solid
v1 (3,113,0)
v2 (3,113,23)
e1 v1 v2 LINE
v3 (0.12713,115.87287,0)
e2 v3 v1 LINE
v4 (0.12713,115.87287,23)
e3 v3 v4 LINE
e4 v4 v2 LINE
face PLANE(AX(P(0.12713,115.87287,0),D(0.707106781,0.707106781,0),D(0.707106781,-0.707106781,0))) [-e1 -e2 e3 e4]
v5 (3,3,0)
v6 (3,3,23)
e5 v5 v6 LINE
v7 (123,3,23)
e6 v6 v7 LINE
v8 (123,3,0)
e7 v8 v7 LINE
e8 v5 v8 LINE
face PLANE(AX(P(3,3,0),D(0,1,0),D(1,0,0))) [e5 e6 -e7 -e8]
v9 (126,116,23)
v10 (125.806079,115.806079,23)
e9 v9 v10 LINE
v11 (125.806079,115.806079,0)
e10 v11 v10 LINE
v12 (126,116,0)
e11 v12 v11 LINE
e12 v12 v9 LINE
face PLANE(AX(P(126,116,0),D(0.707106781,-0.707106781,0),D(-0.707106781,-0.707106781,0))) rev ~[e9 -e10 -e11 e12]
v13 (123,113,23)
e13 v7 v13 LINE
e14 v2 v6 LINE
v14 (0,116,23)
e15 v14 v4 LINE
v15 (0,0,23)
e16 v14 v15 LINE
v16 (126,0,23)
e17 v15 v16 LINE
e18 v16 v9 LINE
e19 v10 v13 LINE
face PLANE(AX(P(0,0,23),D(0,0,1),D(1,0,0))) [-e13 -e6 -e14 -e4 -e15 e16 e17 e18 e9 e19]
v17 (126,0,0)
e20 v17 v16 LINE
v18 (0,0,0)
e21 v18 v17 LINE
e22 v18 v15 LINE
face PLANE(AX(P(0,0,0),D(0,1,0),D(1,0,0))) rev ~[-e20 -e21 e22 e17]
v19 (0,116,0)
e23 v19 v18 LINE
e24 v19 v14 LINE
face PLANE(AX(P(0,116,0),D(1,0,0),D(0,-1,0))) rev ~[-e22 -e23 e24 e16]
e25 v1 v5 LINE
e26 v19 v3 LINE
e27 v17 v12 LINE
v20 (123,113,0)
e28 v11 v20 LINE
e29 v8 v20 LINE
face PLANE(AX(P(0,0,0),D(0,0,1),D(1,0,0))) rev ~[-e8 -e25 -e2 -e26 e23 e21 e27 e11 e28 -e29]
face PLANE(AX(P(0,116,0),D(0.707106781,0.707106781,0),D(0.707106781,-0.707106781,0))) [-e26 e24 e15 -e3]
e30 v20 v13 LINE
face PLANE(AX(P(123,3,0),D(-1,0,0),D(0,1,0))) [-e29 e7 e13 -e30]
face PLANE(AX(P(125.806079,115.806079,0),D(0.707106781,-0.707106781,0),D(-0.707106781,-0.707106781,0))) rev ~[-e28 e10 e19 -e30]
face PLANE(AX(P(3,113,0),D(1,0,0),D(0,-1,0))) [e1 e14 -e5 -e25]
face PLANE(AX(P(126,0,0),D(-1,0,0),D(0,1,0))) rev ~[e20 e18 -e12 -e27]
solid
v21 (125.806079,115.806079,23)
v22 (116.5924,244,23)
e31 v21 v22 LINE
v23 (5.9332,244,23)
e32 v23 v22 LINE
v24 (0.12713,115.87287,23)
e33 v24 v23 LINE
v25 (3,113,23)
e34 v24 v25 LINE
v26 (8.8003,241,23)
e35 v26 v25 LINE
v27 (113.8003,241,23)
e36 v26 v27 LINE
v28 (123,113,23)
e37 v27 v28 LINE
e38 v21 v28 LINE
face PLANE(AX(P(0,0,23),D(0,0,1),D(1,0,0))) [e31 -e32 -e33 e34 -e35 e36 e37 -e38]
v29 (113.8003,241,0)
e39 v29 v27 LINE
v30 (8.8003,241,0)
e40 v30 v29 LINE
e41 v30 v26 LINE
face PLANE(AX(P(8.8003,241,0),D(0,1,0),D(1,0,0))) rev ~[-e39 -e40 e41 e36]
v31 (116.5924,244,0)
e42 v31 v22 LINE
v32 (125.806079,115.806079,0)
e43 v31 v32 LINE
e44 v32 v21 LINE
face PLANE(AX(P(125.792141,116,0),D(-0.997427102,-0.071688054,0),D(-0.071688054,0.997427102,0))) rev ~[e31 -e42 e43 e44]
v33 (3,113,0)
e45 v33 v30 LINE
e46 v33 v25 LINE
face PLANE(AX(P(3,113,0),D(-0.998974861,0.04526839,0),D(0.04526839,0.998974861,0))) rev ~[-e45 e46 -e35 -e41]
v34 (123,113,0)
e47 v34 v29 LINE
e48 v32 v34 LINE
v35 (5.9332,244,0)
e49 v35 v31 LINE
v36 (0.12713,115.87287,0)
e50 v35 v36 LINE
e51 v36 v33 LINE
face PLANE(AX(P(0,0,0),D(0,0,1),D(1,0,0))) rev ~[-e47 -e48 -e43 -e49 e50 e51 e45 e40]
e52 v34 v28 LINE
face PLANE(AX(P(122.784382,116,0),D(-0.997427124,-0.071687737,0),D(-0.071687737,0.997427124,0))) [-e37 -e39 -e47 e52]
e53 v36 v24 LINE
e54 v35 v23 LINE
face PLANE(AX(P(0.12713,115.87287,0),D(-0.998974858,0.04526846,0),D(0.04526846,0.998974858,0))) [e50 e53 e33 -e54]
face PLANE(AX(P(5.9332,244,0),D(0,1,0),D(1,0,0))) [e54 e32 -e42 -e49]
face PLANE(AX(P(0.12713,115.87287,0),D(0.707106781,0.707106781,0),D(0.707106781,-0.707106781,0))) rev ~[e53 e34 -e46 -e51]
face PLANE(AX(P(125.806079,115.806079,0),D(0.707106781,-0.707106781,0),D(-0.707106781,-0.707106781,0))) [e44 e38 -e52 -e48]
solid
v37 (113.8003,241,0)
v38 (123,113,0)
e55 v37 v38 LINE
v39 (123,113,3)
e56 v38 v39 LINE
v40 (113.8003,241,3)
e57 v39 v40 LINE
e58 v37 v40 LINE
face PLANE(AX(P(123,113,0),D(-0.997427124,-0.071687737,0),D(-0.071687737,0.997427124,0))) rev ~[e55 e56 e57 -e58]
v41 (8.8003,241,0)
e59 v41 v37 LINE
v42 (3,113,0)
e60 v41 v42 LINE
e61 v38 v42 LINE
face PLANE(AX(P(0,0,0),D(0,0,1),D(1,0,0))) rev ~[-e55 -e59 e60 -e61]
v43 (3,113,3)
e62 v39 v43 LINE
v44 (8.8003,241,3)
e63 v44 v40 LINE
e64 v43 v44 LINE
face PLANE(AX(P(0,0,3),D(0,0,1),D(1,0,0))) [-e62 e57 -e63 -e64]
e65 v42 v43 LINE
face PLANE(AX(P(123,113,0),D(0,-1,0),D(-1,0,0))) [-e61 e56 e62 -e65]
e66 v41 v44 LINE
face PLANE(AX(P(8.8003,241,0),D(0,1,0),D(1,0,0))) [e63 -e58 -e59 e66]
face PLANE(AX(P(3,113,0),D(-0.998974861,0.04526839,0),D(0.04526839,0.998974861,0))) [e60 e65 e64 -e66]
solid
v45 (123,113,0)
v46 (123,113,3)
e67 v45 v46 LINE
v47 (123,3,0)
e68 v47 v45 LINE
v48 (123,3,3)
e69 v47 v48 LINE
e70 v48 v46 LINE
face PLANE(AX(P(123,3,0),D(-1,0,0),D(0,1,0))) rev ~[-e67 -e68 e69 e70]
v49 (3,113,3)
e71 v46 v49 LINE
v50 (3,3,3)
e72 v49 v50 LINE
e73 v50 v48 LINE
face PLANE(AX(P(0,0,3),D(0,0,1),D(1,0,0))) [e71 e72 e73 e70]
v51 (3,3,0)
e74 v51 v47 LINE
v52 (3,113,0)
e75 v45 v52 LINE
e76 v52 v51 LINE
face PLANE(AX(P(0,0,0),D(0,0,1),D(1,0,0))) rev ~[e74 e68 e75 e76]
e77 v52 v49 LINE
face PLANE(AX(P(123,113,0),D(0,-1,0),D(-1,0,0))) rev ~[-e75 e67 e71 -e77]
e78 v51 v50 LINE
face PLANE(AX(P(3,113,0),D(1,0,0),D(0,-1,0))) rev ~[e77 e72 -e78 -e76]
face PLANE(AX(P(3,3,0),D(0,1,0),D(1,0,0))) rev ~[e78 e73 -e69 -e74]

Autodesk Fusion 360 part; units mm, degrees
sketch "Sketch1" plane through (0, 0, 0) normal (0, 0, 1) x (1, 0, 0) in component "cabin_back_lid"
  line L0 (3, 3) -> (123, 3)
  line L1 (123, 3) -> (123, 113)
  line L2 (123, 113) -> (3, 113)
  line L3 (3, 113) -> (3, 3)
  line L4 (126, 0) -> (126, 116)
  line L5 (126, 116) -> (0, 116)
  line L6 (0, 116) -> (0, 0)
  line L7 (0, 0) -> (126, 0)
  line L8 (0, 116) -> (3, 113)
  line L9 (126, 116) -> (123, 113)
  line L10 (63, 116) -> (63, 266) construction
  line L11 (8.8003, 241) -> (113.8003, 241)
  line L12 (3, 113) -> (8.8003, 241)
  line L13 (123, 113) -> (113.8003, 241)
  line L14 (0.0031, 113.1358) -> (5.9332, 244)
  line L15 (5.9332, 244) -> (116.5924, 244)
  line L16 (125.9923, 113.2151) -> (116.5924, 244)
  dimension "d1" = 120
  dimension "d2" = 110
  dimension "d3" = 3
  dimension "d12" = 150
  dimension "d15" = 105
  dimension "d16" = 125
  dimension "d17" = 3
extrude "Extrude3" add sketch "Sketch1" along normal blind 23 contours L5 L8 L12 L14 | L5 L9 L13 L16 | L5 L11 L12 L13 L14 L15 L16 makes body 1 in component "cabin_back_lid"
extrude "Extrude2" add sketch "Sketch1" along normal blind 23 separate body contours L0 L1 L3 L4 L6 L7 L8 L9 makes body 2 in component "cabin_back_lid"
extrude "Extrude1" add sketch "Sketch1" along normal blind 3 separate body contours L0 L1 L2 L3 makes body 3 in component "cabin_back_lid"
extrude "Extrude4" add sketch "Sketch1" along normal blind 3 separate body contours L2 L5 L12 L13 | L5 L11 L12 L13 makes body 4 in component "cabin_back_lid"
copy_body "CutPasteBodies1" bodies 4 removing the originals makes body 5 in component "cabin_front_lid"
copy_body "CutPasteBodies2" bodies 1 removing the originals makes body 6 in component "cabin_front_lid"
component "cabin_back_lid" placed x (1, 0, 0) y (0, 1, 0) z (0, 0, 1) at (0, 0, 0)
component "cabin_front_lid" placed x (1, 0, 0) y (0, 1, 0) z (0, 0, 1) at (0, 0, 0)
equation "d1 = back_cabin_width"
equation "d2 = back_cabin_length"
equation "back_cabin_length = 110 mm"
equation "back_cabin_width = 120 mm"
equation "cabin_wall_thickness = 3 mm"
equation "cabin_lid_height = 20 mm"
equation "d8 = cabin_wall_thickness"
equation "d10 = cabin_lid_height + cabin_wall_thickness"
equation "front_cabin_length = 125 mm"
equation "front_cabin_width = 105 mm"
equation "d15 = front_cabin_width"
equation "d16 = front_cabin_length"
equation "d18 = cabin_lid_height + cabin_wall_thickness"
equation "d20 = cabin_wall_thickness"
